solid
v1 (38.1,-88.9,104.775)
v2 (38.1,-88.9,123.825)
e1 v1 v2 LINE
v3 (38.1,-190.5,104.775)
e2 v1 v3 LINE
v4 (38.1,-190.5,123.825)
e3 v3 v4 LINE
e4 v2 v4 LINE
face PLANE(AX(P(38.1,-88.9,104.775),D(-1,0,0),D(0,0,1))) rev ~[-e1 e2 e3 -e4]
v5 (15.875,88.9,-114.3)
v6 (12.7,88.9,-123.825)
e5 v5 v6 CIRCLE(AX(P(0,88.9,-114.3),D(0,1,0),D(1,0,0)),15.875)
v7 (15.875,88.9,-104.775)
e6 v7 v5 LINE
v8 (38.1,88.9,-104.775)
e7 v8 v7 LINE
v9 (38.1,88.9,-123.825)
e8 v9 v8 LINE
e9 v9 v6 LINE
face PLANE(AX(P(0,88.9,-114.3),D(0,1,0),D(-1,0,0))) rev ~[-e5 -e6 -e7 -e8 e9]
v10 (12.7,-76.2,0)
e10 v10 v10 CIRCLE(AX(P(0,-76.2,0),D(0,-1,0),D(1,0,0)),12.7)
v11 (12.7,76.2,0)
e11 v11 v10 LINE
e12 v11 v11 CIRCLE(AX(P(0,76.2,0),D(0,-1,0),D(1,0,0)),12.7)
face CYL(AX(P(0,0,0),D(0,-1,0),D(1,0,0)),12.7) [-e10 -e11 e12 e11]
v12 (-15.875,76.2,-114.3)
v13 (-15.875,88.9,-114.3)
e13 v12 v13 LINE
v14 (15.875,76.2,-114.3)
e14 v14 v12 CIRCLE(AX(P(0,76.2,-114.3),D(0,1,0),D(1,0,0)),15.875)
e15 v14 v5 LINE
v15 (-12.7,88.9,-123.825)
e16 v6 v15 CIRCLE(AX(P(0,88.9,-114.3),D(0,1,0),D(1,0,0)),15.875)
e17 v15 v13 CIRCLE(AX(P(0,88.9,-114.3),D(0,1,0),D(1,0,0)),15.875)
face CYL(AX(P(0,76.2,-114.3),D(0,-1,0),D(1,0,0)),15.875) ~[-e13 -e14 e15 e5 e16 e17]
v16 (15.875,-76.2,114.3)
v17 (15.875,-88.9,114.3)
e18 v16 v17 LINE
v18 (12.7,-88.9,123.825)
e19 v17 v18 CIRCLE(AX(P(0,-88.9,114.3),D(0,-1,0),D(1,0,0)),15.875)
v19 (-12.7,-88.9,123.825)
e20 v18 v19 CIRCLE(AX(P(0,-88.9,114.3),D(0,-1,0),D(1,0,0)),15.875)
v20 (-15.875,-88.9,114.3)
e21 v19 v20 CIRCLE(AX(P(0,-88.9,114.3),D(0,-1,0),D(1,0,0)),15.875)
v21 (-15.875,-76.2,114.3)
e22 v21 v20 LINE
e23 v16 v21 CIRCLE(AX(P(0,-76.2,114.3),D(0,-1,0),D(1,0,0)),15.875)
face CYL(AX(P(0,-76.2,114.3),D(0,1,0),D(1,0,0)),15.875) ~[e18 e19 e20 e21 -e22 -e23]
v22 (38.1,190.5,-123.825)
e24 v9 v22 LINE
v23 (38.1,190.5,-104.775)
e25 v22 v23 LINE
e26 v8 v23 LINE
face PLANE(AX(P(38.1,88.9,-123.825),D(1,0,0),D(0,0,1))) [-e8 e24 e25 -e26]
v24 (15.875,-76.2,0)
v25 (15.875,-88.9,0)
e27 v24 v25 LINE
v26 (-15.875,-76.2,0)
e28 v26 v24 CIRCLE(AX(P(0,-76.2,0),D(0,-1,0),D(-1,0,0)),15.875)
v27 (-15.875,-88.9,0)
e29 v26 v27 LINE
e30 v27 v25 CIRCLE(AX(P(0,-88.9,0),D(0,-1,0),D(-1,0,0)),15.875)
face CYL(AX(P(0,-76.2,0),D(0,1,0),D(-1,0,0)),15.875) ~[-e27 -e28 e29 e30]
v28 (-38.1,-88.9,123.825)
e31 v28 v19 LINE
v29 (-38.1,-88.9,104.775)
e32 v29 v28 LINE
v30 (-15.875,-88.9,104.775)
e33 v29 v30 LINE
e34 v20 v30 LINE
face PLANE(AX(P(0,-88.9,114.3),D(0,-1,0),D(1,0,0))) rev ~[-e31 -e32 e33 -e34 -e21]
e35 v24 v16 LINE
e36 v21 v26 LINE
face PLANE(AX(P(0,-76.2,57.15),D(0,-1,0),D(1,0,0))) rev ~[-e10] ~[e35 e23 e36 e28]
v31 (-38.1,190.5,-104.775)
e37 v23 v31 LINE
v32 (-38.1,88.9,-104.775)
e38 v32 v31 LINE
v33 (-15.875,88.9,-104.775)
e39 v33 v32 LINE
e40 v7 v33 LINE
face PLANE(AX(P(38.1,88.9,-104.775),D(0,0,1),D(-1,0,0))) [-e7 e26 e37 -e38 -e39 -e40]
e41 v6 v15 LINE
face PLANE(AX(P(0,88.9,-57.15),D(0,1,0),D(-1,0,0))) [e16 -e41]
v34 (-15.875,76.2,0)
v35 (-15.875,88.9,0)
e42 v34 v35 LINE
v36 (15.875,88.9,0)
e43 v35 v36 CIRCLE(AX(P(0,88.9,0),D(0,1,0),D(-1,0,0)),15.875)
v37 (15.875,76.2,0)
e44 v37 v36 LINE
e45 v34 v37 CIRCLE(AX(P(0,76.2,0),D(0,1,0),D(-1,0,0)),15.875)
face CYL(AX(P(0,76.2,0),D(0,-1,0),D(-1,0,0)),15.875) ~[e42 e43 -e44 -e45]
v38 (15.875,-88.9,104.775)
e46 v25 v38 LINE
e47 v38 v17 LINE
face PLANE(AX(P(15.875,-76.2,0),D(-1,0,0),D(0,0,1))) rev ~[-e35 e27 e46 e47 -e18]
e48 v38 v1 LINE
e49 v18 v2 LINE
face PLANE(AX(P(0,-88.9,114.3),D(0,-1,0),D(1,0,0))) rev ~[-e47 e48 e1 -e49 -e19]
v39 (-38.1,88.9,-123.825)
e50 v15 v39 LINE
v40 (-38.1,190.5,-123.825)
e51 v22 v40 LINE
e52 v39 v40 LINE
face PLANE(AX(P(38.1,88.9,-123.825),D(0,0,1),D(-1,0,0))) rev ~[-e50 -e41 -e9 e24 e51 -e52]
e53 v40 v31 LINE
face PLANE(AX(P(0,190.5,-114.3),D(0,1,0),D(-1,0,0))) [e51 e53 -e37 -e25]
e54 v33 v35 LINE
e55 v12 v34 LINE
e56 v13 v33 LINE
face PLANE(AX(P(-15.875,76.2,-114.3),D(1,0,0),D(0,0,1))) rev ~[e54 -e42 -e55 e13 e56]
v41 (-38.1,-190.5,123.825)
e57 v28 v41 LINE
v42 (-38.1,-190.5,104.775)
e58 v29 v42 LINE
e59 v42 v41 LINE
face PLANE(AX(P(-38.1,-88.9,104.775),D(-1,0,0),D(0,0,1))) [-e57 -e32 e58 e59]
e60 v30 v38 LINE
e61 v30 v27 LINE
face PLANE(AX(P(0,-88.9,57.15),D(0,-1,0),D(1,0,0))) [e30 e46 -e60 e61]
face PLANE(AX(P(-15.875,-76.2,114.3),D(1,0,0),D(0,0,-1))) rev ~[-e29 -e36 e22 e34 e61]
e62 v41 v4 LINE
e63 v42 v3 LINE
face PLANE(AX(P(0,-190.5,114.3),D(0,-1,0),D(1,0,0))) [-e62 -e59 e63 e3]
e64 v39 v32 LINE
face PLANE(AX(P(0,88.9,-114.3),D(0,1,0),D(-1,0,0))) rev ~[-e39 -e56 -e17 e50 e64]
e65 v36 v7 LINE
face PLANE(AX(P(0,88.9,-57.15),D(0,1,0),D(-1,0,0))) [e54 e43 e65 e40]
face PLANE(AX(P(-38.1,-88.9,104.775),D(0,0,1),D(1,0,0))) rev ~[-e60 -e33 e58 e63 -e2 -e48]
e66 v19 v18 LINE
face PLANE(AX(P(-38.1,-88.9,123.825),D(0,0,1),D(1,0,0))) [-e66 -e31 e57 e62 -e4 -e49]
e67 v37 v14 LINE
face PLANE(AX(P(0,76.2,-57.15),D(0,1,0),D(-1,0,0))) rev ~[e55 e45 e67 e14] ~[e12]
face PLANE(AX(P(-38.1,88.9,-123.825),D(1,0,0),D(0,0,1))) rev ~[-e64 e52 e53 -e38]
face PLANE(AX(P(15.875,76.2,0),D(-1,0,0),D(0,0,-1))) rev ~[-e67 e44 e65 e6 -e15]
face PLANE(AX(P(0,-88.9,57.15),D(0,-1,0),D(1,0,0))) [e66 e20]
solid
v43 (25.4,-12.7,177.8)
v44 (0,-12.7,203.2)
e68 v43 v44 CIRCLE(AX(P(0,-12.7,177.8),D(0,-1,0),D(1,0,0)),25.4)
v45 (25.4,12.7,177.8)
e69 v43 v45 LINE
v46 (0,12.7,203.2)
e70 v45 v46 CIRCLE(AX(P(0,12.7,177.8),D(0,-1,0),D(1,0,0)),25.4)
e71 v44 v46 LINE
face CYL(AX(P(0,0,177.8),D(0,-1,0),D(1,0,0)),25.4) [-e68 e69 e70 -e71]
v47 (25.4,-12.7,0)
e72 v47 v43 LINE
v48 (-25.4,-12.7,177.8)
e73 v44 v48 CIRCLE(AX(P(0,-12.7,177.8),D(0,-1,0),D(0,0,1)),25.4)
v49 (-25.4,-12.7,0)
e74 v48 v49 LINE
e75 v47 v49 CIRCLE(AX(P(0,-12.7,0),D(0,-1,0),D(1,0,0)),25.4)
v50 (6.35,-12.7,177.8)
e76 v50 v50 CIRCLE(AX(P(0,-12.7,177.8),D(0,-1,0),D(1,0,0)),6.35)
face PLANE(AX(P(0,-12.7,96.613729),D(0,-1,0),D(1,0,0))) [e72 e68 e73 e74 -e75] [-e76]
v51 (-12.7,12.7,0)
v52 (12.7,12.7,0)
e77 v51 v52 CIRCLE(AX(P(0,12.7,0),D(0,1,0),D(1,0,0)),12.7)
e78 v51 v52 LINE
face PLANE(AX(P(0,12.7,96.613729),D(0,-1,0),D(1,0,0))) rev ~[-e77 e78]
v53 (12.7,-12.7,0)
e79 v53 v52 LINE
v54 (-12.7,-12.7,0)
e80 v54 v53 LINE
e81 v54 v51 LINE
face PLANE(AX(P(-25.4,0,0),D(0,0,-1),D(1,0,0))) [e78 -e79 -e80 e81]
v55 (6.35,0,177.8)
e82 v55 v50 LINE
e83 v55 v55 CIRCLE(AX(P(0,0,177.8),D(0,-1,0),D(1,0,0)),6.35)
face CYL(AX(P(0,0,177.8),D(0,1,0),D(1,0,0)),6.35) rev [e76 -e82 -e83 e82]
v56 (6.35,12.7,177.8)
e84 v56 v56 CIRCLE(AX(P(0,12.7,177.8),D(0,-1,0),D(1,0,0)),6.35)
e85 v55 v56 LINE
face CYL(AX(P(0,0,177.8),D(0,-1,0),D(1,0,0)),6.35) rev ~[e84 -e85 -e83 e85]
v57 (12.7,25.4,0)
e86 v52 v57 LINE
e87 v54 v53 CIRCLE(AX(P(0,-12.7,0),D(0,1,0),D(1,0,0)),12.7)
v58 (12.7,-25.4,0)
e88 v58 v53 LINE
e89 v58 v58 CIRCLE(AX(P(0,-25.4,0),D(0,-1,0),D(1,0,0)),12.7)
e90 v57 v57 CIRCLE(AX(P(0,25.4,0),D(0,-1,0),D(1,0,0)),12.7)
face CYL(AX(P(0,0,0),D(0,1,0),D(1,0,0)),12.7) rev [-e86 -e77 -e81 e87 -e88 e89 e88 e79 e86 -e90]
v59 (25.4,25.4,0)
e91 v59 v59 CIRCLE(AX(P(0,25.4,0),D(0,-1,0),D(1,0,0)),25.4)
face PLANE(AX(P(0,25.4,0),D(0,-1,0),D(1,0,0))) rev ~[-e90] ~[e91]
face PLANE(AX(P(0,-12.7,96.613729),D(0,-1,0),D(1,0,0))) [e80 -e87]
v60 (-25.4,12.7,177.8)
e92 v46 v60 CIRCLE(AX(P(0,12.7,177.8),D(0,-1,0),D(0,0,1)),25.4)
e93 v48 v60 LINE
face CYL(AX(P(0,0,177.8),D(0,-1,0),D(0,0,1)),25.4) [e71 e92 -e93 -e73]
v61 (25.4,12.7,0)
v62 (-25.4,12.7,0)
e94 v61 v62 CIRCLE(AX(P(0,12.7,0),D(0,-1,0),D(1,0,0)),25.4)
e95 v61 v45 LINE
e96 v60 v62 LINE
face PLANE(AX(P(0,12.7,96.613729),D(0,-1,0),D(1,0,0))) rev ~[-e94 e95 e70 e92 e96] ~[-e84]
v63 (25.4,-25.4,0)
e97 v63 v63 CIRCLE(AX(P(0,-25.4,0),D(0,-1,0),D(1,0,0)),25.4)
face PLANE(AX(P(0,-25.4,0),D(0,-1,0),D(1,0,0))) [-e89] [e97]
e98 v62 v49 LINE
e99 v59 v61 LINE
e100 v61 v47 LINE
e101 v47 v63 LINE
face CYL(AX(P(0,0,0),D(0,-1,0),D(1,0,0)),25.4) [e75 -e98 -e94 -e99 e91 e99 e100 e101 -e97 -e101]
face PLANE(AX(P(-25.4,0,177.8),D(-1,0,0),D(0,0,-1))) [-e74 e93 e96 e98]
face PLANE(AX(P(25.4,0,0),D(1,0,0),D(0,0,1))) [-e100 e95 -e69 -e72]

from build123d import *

# Parameters (mm, degrees)
F0_R      = 25.4
F0_R_2    = 12.7
F1_DEPTH  = 25.4
F2_R      = 12.7
F3_DEPTH  = 76.2
F5_DEPTH  = 12.7
F6_W      = 76.2
F6_H      = 19.05
F7_DEPTH  = 101.6
F9_DEPTH  = 12.7
F10_W     = 76.2
F10_H     = 19.05
F11_DEPTH = 101.6
F12_R     = 6.35
F13_DEPTH = 12.7


with BuildPart() as f1:
    # F0 (on Front) → F1 (new body, symmetric)
    with BuildSketch(Plane.XZ):
        Circle(F0_R)
        Circle(F0_R_2, mode=Mode.SUBTRACT)
    extrude(amount=F1_DEPTH, both=True)

    # F12 (on Front) → F13 (join, symmetric)
    with BuildSketch(Plane.XZ):
        with BuildLine():
            Line((-25.4, 177.8), (-25.4, 0))
            Line((-25.4, 0), (0, 0))
            Line((0, 0), (25.4, 0))
            Line((25.4, 0), (25.4, 177.8))
            ThreePointArc((25.4, 177.8), (17.9605122421, 195.7605122421), (0, 203.2))
            ThreePointArc((0, 203.2), (-17.9605122421, 195.7605122421), (-25.4, 177.8))
        make_face()
        with Locations((0, 177.8)):
            Circle(F12_R, mode=Mode.SUBTRACT)
    extrude(amount=F13_DEPTH, both=True)


with BuildPart() as f3:
    # F2 (on Front) → F3 (new body, symmetric)
    with BuildSketch(Plane.XZ):
        Circle(F2_R)
    extrude(amount=F3_DEPTH, both=True)

    # F4 (on face) → F5 (join)
    with BuildSketch(Plane.XZ.offset(76.2)):
        with BuildLine():
            Line((-15.875, 114.3), (-15.875, 0))
            ThreePointArc((-15.875, 0), (0, -15.875), (15.875, 0))
            Line((15.875, 0), (15.875, 114.3))
            ThreePointArc((15.875, 114.3), (0, 130.175), (-15.875, 114.3))
        make_face()
    extrude(amount=F5_DEPTH)

    # F6 (on face) → F7 (join)
    with BuildSketch(Plane.XZ.offset(88.9)):
        with Locations((0, 114.3)):
            Rectangle(F6_W, F6_H)
    extrude(amount=F7_DEPTH)

    # F8 (on face) → F9 (join)
    with BuildSketch(Plane(origin=(0, 76.2, 0), x_dir=(-1, 0, 0), z_dir=(0, 1, 0))):
        with BuildLine():
            Line((15.875, -114.3), (15.875, 0))
            ThreePointArc((15.875, 0), (0, 15.875), (-15.875, 0))
            Line((-15.875, 0), (-15.875, -114.3))
            ThreePointArc((-15.875, -114.3), (0, -130.175), (15.875, -114.3))
        make_face()
    extrude(amount=F9_DEPTH)

    # F10 (on face) → F11 (join)
    with BuildSketch(Plane(origin=(0, 88.9, 0), x_dir=(-1, 0, 0), z_dir=(0, 1, 0))):
        with Locations((0, -114.3)):
            Rectangle(F10_W, F10_H)
    extrude(amount=F11_DEPTH)


solid = Compound([f1.part, f3.part])
